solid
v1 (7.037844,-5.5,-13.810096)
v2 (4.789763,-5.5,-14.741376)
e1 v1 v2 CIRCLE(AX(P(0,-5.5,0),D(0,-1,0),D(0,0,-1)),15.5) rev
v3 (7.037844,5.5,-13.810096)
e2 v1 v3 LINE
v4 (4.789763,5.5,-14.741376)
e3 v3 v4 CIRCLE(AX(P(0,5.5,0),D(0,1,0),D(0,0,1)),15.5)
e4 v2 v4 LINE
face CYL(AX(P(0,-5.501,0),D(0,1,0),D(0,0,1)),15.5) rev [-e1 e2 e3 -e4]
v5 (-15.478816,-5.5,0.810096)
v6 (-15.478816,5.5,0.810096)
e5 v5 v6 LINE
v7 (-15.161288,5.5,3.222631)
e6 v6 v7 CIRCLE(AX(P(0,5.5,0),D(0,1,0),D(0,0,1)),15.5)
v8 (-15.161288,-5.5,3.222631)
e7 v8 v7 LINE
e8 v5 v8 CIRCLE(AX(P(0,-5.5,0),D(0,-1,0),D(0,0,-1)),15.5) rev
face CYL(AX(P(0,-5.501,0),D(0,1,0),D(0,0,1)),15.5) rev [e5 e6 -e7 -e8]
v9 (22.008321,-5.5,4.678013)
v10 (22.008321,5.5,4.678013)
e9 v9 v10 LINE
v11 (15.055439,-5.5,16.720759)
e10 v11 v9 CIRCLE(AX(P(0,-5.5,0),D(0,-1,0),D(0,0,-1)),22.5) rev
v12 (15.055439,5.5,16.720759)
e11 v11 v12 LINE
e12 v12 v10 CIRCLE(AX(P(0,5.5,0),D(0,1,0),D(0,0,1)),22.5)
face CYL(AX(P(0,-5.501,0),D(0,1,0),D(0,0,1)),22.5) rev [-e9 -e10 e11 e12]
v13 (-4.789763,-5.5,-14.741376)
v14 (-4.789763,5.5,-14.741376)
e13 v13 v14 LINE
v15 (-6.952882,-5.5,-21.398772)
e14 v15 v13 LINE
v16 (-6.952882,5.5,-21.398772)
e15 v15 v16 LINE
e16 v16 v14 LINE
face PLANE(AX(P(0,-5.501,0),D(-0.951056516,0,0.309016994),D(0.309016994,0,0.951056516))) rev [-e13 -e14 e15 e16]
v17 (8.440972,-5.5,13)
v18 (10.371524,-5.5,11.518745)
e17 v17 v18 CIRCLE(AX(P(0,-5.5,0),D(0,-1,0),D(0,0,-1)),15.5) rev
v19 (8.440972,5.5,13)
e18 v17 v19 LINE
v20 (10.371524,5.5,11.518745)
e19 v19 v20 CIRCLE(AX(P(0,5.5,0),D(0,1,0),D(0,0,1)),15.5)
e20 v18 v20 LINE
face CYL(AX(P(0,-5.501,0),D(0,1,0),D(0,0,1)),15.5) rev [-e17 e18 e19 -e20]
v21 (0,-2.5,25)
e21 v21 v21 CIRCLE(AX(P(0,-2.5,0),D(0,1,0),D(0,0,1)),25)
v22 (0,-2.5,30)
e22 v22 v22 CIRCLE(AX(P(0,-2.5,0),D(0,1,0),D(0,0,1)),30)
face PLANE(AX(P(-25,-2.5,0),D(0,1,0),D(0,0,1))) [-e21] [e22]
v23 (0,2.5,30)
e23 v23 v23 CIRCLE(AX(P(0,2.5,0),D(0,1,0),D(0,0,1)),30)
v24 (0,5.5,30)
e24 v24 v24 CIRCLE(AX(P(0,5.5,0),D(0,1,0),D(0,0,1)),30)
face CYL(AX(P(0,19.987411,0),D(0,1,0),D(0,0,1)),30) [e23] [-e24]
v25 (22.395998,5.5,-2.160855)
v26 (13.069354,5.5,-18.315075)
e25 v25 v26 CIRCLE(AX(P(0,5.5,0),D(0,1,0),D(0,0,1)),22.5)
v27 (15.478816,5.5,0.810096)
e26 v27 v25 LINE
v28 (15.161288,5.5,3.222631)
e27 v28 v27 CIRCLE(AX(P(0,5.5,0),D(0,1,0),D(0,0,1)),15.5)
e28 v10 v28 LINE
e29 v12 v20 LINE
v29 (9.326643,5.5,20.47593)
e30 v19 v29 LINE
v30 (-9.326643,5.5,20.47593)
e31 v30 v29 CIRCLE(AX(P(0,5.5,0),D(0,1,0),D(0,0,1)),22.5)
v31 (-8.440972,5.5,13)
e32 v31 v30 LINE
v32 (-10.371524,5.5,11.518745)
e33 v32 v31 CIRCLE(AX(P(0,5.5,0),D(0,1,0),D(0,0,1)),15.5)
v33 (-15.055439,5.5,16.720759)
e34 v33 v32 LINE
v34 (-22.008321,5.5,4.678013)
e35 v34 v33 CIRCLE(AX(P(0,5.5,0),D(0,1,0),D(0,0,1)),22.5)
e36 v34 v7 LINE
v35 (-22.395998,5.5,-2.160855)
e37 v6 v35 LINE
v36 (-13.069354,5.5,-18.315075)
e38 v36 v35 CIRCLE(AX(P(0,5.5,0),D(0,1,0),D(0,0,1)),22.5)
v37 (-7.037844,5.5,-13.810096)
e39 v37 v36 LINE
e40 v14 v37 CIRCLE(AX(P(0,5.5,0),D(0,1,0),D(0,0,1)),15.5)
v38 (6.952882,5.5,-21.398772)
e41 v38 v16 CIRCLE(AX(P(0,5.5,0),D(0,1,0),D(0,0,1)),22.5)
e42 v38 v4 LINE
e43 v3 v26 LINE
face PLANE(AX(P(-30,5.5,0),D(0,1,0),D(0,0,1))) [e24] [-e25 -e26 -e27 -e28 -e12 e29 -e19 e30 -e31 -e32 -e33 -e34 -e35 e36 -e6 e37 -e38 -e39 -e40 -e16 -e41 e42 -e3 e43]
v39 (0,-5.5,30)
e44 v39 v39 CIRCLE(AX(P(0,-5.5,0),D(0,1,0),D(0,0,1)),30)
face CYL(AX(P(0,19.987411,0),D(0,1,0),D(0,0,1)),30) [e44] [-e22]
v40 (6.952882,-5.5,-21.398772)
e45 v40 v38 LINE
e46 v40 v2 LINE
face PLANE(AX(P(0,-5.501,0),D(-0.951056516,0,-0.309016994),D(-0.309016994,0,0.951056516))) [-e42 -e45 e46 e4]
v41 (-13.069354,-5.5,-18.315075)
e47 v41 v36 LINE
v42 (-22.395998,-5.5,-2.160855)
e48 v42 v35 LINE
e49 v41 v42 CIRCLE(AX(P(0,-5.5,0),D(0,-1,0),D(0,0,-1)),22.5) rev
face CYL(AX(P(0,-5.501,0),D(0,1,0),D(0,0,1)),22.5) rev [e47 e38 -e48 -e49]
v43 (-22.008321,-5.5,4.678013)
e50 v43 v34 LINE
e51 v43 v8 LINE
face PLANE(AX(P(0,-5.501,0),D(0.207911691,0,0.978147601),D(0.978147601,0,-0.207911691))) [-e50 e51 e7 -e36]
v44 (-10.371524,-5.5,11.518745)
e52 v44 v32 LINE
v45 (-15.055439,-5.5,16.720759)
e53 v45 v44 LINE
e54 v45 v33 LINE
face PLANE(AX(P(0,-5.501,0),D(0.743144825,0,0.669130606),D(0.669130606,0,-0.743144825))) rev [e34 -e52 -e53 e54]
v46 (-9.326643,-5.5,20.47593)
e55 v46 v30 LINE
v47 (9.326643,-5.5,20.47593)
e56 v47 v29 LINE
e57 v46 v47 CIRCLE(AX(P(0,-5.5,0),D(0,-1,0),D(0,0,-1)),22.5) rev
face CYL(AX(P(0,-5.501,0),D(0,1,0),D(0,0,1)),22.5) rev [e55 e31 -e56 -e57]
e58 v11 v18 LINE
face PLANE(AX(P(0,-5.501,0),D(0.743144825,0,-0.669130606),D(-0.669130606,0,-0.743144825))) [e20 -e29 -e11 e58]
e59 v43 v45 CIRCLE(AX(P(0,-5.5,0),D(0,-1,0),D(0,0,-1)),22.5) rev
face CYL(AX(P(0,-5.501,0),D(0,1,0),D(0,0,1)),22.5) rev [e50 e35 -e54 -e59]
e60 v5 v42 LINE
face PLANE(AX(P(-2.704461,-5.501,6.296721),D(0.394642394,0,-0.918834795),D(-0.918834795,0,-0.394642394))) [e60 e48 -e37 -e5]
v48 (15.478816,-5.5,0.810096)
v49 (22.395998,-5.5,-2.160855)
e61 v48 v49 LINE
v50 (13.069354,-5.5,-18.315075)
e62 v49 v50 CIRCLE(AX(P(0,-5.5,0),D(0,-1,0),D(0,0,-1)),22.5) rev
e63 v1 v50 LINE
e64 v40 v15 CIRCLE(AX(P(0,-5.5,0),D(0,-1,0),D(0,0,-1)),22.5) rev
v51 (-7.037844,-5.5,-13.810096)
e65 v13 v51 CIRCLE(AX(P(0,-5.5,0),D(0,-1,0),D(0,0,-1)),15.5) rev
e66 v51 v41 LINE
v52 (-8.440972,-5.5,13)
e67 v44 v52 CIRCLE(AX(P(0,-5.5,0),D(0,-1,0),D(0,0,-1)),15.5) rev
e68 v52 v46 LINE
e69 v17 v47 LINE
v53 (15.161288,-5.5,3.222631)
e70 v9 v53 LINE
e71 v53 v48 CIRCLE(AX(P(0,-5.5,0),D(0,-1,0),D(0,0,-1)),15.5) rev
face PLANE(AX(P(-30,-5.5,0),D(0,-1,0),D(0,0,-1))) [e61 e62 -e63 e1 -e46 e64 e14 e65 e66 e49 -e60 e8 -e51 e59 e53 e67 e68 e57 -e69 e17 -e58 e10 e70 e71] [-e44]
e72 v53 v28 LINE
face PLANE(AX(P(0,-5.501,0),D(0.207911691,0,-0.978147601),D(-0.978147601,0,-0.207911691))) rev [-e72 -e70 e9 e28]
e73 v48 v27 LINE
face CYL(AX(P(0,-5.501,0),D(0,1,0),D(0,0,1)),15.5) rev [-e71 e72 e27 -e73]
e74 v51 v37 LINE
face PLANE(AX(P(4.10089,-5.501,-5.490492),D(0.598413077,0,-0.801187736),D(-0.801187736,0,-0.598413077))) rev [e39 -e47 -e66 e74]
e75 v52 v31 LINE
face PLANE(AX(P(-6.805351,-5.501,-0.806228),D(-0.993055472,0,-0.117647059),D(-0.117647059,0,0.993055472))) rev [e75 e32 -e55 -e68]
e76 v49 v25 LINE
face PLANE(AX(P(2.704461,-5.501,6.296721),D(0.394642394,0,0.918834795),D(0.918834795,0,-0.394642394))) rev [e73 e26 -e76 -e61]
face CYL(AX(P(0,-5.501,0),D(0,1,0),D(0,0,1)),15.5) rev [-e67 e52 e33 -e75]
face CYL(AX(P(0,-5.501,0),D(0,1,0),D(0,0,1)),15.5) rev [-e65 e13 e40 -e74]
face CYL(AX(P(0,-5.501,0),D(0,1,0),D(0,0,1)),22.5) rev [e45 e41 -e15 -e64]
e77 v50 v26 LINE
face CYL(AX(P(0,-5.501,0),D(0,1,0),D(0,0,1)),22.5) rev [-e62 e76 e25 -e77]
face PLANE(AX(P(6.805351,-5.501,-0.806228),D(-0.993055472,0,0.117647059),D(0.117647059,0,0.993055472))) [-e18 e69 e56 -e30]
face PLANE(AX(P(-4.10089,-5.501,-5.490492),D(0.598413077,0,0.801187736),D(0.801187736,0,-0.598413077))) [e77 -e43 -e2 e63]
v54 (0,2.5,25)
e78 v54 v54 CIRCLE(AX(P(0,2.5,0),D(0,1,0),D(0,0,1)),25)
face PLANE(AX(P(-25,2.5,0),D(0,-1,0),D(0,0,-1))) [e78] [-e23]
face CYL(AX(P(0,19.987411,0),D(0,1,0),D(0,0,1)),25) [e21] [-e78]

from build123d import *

# Parameters (mm, degrees)
CUT_EXTRUDE1_REACH = 13


with BuildPart() as part:
    # Sketch2 → Revolve1 (revolve)
    with BuildSketch(Plane.XY):
        Polygon((-25, 2.5), (-25, -2.5), (-30, -2.5), (-30, -5.5), (0, -5.5), (0, 5.5), (-30, 5.5), (-30, 2.5), align=None)
    revolve(axis=Axis((0, 19.987411147, 0), (0, -1, 0)))

    # Sketch3 → Cut-Extrude1 (cut, up to next)
    with BuildSketch(Plane(origin=(0, 5.5, 0), x_dir=(1, 0, 0), z_dir=(0, 1, 0)), mode=Mode.PRIVATE) as cut_extrude1_sk1:
        with BuildLine():
            ThreePointArc((15.055438643, -16.720758573), (19.485571585, -11.25), (22.008321017, -4.678013043))
            Line((22.008321017, -4.678013043), (15.161287811, -3.222631208))
            ThreePointArc((15.161287811, -3.222631208), (15.367467985, -2.022604196), (15.478816003, -0.810095759))
            Line((15.478816003, -0.810095759), (22.395997522, 2.160855156))
            ThreePointArc((22.395997522, 2.160855156), (19.485571585, 11.25), (13.06935422, 18.315075219))
            Line((13.06935422, 18.315075219), (7.037844495, 13.810095759))
            ThreePointArc((7.037844495, 13.810095759), (5.932107377, 14.319919765), (4.789763413, 14.741376003))
            Line((4.789763413, 14.741376003), (6.952882373, 21.398771617))
            ThreePointArc((6.952882373, 21.398771617), (0, 22.5), (-6.952882373, 21.398771617))
            Line((-6.952882373, 21.398771617), (-4.789763413, 14.741376003))
            ThreePointArc((-4.789763413, 14.741376003), (-5.932107377, 14.319919765), (-7.037844495, 13.810095759))
            Line((-7.037844495, 13.810095759), (-13.06935422, 18.315075219))
            ThreePointArc((-13.06935422, 18.315075219), (-19.485571585, 11.25), (-22.395997522, 2.160855156))
            Line((-22.395997522, 2.160855156), (-15.478816003, -0.810095759))
            ThreePointArc((-15.478816003, -0.810095759), (-15.367467985, -2.022604196), (-15.161287811, -3.222631208))
            Line((-15.161287811, -3.222631208), (-22.008321017, -4.678013043))
            ThreePointArc((-22.008321017, -4.678013043), (-19.485571585, -11.25), (-15.055438643, -16.720758573))
            Line((-15.055438643, -16.720758573), (-10.371524399, -11.518744795))
            ThreePointArc((-10.371524399, -11.518744795), (-9.435360608, -12.297315569), (-8.440971508, -13))
            Line((-8.440971508, -13), (-9.326643302, -20.475930375))
            ThreePointArc((-9.326643302, -20.475930375), (0, -22.5), (9.326643302, -20.475930375))
            Line((9.326643302, -20.475930375), (8.440971508, -13))
            ThreePointArc((8.440971508, -13), (9.435360608, -12.297315569), (10.371524399, -11.518744795))
            Line((10.371524399, -11.518744795), (15.055438643, -16.720758573))
        make_face()
    cut_extrude1_tool1 = extrude(cut_extrude1_sk1.sketch, amount=-CUT_EXTRUDE1_REACH, mode=Mode.PRIVATE) & part.part
    add(cut_extrude1_tool1.solids().sort_by_distance((0, 5.5, 0))[0], mode=Mode.SUBTRACT)


solid = part.part
